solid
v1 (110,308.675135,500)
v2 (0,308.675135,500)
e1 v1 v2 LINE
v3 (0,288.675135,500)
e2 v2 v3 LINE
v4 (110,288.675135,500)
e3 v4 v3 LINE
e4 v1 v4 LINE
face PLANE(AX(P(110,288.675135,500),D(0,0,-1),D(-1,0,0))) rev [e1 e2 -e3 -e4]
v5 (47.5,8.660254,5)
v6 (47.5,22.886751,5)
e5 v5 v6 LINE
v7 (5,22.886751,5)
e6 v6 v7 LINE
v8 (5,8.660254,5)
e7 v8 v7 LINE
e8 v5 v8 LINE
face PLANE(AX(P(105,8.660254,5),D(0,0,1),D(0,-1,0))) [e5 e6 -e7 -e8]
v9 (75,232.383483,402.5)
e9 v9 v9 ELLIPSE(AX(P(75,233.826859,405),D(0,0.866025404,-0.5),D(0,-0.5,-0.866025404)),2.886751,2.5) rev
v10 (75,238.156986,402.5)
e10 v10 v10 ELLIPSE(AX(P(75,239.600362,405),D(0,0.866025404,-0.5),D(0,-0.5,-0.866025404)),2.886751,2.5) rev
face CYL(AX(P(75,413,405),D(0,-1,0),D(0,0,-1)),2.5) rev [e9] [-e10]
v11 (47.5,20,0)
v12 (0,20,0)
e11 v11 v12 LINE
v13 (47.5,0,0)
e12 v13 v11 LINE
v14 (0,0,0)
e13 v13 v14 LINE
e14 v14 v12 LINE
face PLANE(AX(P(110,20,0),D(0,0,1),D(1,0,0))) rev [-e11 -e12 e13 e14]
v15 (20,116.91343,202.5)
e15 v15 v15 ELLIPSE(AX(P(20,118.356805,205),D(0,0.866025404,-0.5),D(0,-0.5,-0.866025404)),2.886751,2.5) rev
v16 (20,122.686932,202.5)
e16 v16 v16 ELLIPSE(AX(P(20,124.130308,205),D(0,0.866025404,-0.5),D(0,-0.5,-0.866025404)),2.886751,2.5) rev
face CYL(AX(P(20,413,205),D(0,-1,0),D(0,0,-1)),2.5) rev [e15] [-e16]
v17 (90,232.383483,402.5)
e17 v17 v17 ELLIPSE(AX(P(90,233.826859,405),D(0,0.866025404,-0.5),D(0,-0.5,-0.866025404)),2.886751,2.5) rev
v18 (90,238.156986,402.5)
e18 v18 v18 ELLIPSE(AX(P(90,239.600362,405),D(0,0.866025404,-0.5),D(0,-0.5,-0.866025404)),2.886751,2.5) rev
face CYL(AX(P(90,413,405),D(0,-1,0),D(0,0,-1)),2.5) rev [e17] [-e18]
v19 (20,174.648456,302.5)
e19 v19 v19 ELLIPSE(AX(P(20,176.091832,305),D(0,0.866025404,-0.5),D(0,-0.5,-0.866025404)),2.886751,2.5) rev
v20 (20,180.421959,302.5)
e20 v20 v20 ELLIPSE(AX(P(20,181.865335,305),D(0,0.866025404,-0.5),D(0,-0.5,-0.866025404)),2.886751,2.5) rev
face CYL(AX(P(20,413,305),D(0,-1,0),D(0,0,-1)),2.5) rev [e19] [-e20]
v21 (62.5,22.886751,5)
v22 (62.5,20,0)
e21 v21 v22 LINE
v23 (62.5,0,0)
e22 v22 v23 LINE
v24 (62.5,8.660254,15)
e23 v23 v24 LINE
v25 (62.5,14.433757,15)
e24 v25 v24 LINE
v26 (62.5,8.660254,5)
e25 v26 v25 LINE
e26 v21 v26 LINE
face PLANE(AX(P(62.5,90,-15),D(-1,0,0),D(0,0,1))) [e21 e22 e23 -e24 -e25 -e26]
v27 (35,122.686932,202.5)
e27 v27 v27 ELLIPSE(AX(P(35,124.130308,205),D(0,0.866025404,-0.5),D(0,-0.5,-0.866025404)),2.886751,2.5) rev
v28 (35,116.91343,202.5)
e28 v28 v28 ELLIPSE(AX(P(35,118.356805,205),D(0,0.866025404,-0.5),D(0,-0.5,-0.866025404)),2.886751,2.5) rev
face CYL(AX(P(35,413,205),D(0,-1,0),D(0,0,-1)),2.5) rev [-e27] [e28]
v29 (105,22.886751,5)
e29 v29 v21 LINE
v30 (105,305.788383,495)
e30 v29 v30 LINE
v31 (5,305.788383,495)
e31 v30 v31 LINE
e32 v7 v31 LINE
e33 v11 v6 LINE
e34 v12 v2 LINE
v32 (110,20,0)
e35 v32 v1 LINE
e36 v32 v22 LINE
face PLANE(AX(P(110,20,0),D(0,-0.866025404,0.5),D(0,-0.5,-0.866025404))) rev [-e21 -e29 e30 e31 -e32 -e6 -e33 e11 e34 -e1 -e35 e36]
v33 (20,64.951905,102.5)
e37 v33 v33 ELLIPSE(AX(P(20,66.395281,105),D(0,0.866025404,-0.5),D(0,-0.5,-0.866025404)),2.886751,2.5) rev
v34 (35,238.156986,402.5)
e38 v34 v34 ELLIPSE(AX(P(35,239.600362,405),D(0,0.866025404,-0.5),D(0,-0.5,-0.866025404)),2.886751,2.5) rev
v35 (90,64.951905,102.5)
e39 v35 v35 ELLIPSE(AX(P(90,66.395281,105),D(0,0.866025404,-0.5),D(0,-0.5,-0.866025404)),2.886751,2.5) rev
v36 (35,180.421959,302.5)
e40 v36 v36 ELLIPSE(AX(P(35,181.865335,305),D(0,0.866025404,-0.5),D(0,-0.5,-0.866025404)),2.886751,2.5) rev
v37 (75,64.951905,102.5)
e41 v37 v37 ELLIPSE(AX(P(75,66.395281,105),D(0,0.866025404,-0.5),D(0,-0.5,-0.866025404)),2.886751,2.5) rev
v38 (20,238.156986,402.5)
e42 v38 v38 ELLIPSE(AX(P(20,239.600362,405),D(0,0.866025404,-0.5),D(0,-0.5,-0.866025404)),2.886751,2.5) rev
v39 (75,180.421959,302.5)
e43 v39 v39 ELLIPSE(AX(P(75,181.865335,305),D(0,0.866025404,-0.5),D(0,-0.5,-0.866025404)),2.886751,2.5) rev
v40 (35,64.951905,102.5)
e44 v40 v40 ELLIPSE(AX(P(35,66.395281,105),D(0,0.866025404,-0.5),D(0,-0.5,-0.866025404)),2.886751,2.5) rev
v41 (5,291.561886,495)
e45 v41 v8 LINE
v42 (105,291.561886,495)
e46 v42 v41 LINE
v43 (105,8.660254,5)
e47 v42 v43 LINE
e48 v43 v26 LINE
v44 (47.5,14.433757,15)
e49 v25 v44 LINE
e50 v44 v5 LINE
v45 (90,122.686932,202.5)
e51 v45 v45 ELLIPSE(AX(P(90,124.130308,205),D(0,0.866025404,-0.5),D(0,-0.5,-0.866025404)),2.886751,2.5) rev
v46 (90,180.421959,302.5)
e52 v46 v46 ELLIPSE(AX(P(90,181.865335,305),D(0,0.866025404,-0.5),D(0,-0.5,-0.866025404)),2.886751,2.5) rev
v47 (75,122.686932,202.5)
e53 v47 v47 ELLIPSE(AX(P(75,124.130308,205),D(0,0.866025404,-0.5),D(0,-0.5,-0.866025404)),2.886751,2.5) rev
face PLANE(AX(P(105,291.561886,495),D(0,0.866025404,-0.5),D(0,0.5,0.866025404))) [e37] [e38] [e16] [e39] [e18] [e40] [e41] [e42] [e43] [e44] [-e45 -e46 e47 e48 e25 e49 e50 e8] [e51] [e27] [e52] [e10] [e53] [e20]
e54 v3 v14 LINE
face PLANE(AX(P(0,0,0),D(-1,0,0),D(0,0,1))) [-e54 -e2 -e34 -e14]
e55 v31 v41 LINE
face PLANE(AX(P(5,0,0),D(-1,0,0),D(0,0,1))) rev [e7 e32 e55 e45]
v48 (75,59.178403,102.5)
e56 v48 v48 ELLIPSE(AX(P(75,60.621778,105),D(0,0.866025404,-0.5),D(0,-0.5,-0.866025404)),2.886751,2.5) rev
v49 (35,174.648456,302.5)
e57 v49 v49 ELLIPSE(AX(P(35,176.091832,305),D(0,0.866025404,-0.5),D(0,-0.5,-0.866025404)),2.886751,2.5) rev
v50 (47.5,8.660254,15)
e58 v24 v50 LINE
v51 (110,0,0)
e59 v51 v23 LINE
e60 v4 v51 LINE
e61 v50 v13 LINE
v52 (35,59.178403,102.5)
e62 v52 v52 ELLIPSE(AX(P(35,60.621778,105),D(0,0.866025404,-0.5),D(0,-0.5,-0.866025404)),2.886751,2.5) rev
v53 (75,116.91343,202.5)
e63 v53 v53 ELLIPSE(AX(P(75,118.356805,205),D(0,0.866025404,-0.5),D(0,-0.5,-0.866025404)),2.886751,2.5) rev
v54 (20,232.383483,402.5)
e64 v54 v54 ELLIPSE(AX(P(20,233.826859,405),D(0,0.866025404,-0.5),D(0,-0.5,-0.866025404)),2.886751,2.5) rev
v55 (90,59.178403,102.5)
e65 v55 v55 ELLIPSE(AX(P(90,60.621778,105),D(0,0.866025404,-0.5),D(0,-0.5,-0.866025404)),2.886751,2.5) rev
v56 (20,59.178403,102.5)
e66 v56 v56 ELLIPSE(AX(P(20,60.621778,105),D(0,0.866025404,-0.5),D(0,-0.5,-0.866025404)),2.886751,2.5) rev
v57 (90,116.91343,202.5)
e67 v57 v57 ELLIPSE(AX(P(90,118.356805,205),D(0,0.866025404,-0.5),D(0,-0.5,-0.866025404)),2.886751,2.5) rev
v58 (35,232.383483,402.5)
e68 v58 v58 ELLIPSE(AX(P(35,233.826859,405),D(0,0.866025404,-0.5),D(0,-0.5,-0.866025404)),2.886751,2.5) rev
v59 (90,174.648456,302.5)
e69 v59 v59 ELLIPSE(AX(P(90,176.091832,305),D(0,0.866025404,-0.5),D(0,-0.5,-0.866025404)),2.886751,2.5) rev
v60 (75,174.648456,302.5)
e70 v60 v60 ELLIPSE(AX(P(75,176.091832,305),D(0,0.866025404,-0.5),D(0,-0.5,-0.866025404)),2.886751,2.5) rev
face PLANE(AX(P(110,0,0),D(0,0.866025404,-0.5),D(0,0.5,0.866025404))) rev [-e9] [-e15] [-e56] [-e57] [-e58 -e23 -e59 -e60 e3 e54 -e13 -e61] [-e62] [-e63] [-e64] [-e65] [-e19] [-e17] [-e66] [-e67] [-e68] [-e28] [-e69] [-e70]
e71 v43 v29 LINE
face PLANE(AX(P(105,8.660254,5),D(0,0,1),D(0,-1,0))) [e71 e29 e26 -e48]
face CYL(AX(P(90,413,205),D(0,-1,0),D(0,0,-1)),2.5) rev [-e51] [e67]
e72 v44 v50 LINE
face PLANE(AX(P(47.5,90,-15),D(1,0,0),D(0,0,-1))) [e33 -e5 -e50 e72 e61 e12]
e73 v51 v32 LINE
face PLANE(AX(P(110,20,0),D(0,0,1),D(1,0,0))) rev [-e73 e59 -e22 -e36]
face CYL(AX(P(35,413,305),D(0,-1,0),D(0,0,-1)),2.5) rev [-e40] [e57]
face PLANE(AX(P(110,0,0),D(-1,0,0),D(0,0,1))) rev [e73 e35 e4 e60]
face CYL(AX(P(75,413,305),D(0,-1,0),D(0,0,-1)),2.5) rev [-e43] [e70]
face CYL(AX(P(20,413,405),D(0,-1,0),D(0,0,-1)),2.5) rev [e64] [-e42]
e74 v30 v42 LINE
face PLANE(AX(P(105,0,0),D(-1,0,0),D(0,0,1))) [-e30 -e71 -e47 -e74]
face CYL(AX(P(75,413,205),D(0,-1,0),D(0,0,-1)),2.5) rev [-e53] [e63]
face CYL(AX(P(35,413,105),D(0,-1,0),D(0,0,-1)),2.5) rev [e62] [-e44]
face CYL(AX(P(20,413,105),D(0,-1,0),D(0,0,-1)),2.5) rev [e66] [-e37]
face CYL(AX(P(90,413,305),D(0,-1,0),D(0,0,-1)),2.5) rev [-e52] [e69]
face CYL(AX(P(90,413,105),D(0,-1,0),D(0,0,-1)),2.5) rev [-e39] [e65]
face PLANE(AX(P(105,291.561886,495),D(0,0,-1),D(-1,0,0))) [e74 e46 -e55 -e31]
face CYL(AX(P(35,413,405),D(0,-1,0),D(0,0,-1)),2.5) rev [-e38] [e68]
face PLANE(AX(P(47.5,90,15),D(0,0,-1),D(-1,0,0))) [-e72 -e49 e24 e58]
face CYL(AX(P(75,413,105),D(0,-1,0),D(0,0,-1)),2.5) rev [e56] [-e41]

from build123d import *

# Parameters (mm, degrees)
BOSS_EXTRUDE1_DEPTH = 110
CUT_EXTRUDE1_DEPTH  = 100
SKETCH4_W           = 15
SKETCH4_H           = 30
CUT_EXTRUDE2_DEPTH  = 90
SKETCH7_R           = 2.5
CUT_EXTRUDE3_DEPTH  = 413


with BuildPart() as part:
    # Sketch1 → Boss-Extrude1 (new body)
    with BuildSketch(Plane(origin=(0, 0, 0), x_dir=(0, 0, -1), z_dir=(1, 0, 0))):
        Polygon((0, 20), (-500, 308.675134595), (-500, 288.675134595), (0, 0), align=None)
    extrude(amount=BOSS_EXTRUDE1_DEPTH)

    # Sketch3 → Cut-Extrude1 (cut)
    with BuildSketch(Plane(origin=(5, 0, 0), x_dir=(0, 0, -1), z_dir=(1, 0, 0))):
        Polygon((-495, 291.561885941), (-5, 8.660254038), (-5, 22.886751346), (-495, 305.788383249), align=None)
    extrude(amount=CUT_EXTRUDE1_DEPTH, mode=Mode.SUBTRACT)

    # Sketch4 → Cut-Extrude2 (cut)
    with BuildSketch(Plane(origin=(0, 0, 0), x_dir=(1, 0, 0), z_dir=(0, 1, 0))):
        with Locations((55, 0)):
            Rectangle(SKETCH4_W, SKETCH4_H)
    extrude(amount=CUT_EXTRUDE2_DEPTH, mode=Mode.SUBTRACT)

    # Sketch7 → Cut-Extrude3 (cut)
    with BuildSketch(Plane(origin=(0, 0, 0), x_dir=(1, 0, 0), z_dir=(0, 1, 0))):
        with Locations((20, -105)):
            Circle(SKETCH7_R)
        with Locations((90, -105)):
            Circle(SKETCH7_R)
        with Locations((20, -205)):
            Circle(SKETCH7_R)
        with Locations((20, -305)):
            Circle(SKETCH7_R)
        with Locations((20, -405)):
            Circle(SKETCH7_R)
        with Locations((35, -205)):
            Circle(SKETCH7_R)
        with Locations((35, -305)):
            Circle(SKETCH7_R)
        with Locations((35, -405)):
            Circle(SKETCH7_R)
        with Locations((35, -105)):
            Circle(SKETCH7_R)
        with Locations((90, -205)):
            Circle(SKETCH7_R)
        with Locations((90, -305)):
            Circle(SKETCH7_R)
        with Locations((90, -405)):
            Circle(SKETCH7_R)
        with Locations((75, -205)):
            Circle(SKETCH7_R)
        with Locations((75, -305)):
            Circle(SKETCH7_R)
        with Locations((75, -405)):
            Circle(SKETCH7_R)
        with Locations((75, -105)):
            Circle(SKETCH7_R)
    extrude(amount=CUT_EXTRUDE3_DEPTH, mode=Mode.SUBTRACT)


solid = part.part
